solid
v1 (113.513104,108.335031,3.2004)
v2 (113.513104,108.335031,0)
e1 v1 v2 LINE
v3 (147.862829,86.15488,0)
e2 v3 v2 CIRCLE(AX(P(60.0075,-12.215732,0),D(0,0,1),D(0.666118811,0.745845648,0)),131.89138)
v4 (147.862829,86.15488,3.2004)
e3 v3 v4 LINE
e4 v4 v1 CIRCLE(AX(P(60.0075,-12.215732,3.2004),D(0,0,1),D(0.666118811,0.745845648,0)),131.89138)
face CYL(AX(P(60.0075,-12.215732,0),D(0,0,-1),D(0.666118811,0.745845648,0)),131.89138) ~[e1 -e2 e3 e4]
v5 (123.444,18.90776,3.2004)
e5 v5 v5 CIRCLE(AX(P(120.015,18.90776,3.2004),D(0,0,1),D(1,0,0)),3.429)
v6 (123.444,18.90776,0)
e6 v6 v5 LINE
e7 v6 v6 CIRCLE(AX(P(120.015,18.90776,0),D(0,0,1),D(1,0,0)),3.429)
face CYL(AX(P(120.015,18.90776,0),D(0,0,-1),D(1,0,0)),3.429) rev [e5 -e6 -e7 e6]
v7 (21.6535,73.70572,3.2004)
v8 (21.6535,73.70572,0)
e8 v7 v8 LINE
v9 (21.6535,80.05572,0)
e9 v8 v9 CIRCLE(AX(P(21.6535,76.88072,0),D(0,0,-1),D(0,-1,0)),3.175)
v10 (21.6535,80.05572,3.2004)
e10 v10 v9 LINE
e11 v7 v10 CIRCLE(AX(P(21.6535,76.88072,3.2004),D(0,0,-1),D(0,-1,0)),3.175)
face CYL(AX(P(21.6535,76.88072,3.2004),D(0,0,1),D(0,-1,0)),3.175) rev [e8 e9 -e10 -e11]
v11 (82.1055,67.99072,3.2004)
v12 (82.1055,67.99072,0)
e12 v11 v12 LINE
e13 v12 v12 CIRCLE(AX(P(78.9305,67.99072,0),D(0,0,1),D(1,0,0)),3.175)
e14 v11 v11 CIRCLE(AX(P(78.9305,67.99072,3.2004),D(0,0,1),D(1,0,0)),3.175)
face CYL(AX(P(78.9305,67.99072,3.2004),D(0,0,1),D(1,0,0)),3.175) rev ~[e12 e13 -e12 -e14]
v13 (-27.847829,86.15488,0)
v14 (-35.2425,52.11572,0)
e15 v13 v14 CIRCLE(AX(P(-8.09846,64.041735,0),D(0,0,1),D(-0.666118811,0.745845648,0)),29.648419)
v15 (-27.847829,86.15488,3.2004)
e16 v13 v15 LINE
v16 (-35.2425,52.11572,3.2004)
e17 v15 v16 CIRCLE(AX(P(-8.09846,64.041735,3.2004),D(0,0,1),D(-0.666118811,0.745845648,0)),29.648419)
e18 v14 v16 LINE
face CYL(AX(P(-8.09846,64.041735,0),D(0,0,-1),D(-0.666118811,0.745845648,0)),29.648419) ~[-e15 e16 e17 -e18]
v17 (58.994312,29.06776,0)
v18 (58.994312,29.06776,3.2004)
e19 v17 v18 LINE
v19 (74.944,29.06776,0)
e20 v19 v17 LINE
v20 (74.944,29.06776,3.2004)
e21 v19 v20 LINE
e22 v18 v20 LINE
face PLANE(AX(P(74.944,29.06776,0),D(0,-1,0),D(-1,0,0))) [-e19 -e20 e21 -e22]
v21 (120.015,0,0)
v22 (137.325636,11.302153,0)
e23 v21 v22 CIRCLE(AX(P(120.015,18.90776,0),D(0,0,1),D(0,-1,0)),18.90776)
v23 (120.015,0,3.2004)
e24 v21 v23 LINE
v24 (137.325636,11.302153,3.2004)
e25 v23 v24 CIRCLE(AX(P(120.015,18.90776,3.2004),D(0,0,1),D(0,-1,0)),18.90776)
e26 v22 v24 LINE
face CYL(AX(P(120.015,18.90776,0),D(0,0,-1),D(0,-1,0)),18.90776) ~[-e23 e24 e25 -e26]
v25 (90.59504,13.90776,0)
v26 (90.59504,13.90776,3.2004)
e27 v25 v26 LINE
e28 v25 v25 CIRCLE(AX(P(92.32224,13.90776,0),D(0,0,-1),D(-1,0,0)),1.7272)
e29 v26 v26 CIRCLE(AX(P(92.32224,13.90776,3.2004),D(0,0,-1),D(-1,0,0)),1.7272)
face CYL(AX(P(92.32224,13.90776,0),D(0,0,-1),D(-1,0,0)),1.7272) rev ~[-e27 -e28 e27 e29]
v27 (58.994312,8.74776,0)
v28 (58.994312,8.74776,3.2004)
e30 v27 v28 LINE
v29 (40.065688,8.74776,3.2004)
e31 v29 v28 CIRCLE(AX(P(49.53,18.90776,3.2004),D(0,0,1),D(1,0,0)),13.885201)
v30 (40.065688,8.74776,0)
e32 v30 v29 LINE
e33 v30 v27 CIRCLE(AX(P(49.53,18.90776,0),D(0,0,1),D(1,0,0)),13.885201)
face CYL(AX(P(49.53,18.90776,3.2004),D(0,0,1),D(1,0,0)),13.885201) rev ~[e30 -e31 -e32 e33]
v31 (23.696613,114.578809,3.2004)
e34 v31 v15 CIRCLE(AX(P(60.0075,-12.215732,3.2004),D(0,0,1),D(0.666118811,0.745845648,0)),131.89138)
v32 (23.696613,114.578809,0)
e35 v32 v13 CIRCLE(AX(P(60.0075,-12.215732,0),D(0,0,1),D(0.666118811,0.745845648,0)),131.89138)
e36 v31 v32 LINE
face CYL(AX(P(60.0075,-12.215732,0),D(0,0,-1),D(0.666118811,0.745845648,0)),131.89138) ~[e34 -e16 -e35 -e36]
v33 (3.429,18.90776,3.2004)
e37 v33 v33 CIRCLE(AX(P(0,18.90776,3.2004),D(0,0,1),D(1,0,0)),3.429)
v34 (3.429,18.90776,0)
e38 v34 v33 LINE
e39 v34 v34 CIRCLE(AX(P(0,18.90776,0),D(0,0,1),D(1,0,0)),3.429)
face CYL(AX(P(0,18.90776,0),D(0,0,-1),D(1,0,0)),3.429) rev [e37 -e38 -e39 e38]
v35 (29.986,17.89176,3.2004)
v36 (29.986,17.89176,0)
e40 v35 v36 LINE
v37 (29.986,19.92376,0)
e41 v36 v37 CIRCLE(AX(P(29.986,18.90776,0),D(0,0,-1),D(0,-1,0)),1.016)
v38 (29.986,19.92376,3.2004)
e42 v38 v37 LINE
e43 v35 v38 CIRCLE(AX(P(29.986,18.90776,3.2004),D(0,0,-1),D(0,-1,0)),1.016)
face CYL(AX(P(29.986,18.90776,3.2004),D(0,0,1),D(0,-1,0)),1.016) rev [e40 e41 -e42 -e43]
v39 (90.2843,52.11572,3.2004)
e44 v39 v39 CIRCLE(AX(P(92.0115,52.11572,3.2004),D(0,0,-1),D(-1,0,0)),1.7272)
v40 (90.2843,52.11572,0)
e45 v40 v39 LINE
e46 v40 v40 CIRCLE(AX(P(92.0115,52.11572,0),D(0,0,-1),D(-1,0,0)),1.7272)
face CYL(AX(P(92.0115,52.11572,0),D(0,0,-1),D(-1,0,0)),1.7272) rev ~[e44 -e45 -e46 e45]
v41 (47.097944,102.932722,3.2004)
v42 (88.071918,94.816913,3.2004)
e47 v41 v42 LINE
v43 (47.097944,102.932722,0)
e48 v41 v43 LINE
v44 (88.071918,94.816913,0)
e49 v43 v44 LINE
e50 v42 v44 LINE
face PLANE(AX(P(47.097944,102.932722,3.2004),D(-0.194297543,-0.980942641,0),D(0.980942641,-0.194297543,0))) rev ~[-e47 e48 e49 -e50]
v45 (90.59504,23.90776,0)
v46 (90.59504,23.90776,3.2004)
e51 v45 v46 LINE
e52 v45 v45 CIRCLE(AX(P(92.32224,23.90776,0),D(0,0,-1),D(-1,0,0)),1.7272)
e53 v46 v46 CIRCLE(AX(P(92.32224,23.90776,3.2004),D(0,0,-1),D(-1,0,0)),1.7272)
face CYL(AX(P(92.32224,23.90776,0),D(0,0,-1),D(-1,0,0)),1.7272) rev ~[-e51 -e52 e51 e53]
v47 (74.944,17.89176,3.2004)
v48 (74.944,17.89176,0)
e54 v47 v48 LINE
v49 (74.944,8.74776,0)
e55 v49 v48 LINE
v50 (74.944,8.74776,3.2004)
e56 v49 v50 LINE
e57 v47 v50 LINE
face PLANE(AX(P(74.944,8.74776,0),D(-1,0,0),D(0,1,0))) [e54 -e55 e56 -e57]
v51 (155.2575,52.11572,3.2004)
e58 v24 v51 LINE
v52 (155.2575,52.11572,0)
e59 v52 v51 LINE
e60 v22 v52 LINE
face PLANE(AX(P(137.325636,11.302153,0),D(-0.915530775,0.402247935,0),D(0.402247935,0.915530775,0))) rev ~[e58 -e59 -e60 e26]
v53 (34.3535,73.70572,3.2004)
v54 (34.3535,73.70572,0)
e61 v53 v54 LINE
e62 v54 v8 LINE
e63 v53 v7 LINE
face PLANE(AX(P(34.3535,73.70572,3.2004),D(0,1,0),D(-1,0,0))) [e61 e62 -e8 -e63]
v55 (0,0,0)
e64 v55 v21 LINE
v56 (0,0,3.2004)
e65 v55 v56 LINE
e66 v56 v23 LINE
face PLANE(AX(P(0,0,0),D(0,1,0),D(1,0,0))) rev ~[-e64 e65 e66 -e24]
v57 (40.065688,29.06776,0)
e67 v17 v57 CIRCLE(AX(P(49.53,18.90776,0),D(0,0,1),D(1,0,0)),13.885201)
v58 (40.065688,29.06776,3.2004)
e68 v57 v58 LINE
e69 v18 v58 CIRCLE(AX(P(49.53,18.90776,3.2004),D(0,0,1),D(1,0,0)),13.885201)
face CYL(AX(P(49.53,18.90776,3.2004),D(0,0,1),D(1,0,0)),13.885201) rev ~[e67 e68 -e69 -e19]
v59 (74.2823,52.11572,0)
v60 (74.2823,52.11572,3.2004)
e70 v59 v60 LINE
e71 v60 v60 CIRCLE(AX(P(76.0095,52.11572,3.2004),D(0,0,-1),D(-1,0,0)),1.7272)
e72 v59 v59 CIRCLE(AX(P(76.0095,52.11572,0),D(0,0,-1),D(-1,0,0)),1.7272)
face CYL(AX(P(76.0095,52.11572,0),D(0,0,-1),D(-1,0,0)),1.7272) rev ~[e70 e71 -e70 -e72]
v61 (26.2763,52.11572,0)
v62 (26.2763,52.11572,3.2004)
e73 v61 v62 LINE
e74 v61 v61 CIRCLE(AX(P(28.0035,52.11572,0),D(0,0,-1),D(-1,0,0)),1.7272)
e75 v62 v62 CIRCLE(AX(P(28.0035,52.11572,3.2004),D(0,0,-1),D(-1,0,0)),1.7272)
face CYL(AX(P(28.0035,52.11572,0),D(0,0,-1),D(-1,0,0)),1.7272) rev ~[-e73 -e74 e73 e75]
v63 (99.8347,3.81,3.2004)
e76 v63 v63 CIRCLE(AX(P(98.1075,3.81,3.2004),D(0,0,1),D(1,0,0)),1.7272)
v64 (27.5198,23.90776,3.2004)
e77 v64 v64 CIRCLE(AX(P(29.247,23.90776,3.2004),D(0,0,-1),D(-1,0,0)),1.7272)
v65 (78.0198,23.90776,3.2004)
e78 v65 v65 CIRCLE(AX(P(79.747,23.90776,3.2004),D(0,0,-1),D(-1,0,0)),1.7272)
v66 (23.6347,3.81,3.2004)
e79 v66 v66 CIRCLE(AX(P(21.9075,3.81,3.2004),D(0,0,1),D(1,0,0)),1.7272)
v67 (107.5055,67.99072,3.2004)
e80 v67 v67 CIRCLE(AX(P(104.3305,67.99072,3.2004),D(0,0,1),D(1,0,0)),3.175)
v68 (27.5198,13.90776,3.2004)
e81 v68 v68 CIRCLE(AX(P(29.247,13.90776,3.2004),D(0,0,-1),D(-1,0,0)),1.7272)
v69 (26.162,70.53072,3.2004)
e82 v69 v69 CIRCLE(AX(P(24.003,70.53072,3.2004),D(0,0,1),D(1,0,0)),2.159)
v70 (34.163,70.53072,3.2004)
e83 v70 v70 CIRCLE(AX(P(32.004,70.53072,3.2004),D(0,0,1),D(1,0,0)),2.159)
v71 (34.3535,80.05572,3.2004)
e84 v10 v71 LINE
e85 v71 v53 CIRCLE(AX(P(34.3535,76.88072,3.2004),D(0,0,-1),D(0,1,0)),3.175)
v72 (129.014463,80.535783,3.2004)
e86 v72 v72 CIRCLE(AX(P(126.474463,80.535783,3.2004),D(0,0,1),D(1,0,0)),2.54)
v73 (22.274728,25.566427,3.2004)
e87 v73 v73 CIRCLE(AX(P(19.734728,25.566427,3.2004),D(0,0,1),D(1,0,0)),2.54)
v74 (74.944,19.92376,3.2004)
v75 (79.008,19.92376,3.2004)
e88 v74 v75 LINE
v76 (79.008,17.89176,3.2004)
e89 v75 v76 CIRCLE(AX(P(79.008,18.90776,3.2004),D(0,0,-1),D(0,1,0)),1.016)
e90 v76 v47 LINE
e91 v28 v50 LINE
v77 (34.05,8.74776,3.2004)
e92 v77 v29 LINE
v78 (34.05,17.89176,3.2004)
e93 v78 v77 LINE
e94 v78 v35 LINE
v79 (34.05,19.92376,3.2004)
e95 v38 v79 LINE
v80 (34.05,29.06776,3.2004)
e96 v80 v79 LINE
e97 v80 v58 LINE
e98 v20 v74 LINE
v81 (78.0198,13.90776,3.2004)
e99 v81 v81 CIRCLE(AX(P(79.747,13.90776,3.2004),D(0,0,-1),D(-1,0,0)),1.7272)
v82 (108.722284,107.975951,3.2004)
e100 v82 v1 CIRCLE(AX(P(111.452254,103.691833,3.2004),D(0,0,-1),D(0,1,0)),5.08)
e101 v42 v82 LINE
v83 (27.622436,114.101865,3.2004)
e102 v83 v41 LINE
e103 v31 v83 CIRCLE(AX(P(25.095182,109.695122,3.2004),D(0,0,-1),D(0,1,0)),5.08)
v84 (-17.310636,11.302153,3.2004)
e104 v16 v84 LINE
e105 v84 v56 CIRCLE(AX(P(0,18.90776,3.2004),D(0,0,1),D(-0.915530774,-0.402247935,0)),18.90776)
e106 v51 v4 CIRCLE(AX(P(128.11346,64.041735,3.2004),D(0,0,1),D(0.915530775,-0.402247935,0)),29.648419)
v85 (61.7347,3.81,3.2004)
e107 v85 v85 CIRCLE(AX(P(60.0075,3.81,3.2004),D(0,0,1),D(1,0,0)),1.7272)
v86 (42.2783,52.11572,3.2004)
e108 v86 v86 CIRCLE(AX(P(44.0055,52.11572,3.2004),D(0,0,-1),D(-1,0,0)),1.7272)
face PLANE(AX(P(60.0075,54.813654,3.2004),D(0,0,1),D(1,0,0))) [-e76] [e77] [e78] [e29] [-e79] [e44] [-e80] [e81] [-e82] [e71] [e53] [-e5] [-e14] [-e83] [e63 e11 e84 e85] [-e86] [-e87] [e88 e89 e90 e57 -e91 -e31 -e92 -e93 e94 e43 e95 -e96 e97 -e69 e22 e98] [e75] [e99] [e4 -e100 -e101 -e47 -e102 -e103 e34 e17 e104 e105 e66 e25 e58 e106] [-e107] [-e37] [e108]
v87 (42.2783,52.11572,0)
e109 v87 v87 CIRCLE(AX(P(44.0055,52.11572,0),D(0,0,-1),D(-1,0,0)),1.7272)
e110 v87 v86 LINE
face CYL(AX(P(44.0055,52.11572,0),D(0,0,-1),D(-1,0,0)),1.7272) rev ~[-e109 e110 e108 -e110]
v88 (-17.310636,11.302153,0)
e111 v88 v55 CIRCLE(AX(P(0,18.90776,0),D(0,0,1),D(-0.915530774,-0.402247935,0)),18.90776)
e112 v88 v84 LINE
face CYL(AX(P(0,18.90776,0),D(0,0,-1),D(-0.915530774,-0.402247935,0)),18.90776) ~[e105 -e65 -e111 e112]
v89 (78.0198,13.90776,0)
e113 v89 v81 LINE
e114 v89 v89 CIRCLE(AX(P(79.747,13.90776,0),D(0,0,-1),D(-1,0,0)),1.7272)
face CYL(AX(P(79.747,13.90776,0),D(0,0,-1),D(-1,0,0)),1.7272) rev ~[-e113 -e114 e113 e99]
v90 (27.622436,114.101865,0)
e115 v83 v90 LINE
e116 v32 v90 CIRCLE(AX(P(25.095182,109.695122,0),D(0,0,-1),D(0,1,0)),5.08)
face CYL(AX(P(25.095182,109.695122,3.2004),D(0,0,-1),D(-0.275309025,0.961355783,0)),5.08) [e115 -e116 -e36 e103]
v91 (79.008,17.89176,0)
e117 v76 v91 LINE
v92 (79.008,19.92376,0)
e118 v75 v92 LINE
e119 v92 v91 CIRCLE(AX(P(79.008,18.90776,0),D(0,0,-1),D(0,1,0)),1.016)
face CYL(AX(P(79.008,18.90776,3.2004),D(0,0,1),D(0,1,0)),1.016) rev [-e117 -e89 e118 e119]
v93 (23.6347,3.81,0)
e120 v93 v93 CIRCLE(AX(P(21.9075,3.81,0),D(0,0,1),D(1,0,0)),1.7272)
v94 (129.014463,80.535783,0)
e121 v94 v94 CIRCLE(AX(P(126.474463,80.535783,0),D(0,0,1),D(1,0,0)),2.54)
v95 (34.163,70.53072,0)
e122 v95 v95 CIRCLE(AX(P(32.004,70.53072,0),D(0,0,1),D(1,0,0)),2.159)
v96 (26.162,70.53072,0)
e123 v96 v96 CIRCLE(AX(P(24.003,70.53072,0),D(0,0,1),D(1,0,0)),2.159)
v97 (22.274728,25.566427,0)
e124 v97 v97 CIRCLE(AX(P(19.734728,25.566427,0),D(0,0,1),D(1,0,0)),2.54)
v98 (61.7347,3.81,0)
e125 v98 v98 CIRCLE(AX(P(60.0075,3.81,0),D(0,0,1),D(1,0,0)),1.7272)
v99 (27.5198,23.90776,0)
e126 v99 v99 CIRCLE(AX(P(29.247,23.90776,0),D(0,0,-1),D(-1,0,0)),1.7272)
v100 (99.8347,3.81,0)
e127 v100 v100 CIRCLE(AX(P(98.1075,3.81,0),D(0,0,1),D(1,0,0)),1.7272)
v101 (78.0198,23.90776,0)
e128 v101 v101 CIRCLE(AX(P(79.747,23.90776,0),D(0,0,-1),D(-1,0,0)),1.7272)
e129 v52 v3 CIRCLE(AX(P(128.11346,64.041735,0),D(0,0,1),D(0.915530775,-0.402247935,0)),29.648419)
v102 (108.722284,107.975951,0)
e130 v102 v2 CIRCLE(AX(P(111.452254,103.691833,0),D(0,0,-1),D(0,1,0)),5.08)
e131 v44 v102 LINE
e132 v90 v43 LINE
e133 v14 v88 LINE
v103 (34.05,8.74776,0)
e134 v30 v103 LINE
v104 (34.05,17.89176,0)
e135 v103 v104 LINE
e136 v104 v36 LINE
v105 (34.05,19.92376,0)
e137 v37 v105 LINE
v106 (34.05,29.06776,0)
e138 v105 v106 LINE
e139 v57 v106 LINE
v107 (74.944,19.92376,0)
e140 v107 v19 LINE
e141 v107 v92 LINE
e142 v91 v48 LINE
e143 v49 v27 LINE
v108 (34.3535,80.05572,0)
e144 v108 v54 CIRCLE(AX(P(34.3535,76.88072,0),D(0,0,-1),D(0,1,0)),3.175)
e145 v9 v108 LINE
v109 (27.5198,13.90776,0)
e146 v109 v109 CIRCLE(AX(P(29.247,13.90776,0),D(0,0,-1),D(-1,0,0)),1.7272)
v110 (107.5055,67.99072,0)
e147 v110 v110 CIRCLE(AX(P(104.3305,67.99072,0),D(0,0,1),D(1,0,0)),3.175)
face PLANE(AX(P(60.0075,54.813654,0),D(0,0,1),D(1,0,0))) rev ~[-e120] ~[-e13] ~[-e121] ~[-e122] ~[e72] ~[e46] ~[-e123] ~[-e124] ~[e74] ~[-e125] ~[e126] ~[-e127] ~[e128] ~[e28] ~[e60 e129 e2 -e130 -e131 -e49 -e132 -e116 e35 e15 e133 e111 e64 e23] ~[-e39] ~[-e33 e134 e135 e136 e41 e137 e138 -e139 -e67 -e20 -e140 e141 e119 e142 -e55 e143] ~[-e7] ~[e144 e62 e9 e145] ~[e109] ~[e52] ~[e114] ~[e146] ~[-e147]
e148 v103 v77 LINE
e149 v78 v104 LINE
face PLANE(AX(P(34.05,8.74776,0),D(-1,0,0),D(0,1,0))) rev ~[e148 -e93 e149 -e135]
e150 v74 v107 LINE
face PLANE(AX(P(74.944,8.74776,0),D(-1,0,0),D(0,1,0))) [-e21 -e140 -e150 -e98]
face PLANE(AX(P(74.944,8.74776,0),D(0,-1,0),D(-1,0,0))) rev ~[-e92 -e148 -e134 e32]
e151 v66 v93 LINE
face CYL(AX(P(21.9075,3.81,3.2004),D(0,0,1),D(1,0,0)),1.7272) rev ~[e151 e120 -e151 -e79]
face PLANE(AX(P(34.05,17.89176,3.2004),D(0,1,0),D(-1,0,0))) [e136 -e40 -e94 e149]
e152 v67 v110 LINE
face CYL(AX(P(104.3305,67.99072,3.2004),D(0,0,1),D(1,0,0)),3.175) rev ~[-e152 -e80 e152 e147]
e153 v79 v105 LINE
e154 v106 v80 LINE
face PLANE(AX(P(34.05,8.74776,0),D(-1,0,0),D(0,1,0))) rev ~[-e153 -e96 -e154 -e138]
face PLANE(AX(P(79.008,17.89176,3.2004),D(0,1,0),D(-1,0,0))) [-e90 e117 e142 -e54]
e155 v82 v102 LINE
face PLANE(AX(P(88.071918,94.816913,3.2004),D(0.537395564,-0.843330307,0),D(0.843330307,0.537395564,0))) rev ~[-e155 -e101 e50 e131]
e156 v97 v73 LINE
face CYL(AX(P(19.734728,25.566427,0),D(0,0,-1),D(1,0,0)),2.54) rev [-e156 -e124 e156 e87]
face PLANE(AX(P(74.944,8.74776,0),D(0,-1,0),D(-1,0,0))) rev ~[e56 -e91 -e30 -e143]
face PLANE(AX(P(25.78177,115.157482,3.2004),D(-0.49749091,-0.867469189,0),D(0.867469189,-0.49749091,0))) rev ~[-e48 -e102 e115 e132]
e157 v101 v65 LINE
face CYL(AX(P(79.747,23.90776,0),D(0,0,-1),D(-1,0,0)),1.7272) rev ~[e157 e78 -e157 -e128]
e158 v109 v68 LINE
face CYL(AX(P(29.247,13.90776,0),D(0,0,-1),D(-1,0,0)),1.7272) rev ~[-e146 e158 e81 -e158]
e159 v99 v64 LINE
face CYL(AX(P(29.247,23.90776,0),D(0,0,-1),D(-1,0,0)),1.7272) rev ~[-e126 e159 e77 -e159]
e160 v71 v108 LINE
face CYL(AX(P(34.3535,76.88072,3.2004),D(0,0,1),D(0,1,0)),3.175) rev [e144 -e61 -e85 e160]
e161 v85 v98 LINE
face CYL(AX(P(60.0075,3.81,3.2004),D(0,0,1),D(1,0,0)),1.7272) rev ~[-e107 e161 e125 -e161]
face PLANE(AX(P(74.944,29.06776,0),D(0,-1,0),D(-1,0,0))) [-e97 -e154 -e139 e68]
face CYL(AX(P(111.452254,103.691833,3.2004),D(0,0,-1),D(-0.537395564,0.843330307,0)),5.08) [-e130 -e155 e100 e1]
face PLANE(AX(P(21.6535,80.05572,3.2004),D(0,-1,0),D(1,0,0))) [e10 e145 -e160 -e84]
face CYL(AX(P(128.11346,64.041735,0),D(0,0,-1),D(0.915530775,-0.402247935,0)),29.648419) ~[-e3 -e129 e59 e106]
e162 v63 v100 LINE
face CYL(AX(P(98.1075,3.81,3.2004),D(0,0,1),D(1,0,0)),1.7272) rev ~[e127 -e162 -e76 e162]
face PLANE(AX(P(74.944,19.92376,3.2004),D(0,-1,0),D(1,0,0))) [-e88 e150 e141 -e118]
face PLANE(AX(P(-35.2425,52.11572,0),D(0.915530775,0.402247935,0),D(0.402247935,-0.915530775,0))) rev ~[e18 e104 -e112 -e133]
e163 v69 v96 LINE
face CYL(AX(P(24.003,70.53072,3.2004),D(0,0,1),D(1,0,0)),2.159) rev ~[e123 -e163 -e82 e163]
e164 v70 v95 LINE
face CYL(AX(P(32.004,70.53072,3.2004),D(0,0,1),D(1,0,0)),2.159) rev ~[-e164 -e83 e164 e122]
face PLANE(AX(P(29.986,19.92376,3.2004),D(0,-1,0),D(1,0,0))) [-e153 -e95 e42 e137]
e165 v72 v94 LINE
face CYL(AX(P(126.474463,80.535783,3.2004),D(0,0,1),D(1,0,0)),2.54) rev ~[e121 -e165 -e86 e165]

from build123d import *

# Parameters (mm, degrees)
SKETCH1_R           = 3.429
SKETCH1_R_2         = 2.54
BOSS_EXTRUDE1_DEPTH = 3.2004
SKETCH2_R           = 1.7272
CUT_EXTRUDE1_DEPTH  = 3.2004
SKETCH5_R           = 1.7272
SKETCH5_W           = 40.894
SKETCH5_H           = 20.32
CUT_EXTRUDE3_DEPTH  = 4.2004
CUT_EXTRUDE4_DEPTH  = 3.2004
SKETCH8_R           = 1.7272
CUT_EXTRUDE6_DEPTH  = 3.2004
SKETCH9_R           = 2.54
CUT_EXTRUDE7_DEPTH  = 3.2004
CUT_EXTRUDE8_DEPTH  = 3.2004
FILLET1_R           = 5.08
SKETCH12_R          = 2.159
CUT_EXTRUDE10_DEPTH = 3.2004
SKETCH13_R          = 13.885201093
CUT_EXTRUDE11_DEPTH = 3.2004
SKETCH14_R          = 3.175
CUT_EXTRUDE12_DEPTH = 3.2004


with BuildPart() as part:
    # Sketch1 → Boss-Extrude1 (new body)
    with BuildSketch(Plane.XY):
        with BuildLine():
            Line((0, 0), (120.015, 0))
            ThreePointArc((120.015, 0), (130.351788396, 3.075697789), (137.325636158, 11.302152592))
            Line((137.325636158, 11.302152592), (155.2575, 52.11572))
            ThreePointArc((155.2575, 52.11572), (157.086103359, 70.33575546), (147.862829498, 86.154880014))
            ThreePointArc((147.862829498, 86.154880014), (60.0075, 119.675648405), (-27.847829498, 86.154880014))
            ThreePointArc((-27.847829498, 86.154880014), (-37.071103359, 70.33575546), (-35.2425, 52.11572))
            Line((-35.2425, 52.11572), (-17.310636158, 11.302152592))
            ThreePointArc((-17.310636158, 11.302152592), (-10.336788396, 3.075697789), (0, 0))
        make_face()
        with Locations((120.015, 18.90776)):
            Circle(SKETCH1_R, mode=Mode.SUBTRACT)
        with Locations((0, 18.90776)):
            Circle(SKETCH1_R, mode=Mode.SUBTRACT)
        with Locations((19.734727639, 25.566426996)):
            Circle(SKETCH1_R_2, mode=Mode.SUBTRACT)
    extrude(amount=BOSS_EXTRUDE1_DEPTH)

    # Sketch2 → Cut-Extrude1 (cut)
    with BuildSketch(Plane(origin=(0, 0, 0), x_dir=(-1, 0, 0), z_dir=(0, 0, -1))):
        with Locations((-92.0115, 52.11572)):
            Circle(SKETCH2_R)
        with Locations((-76.0095, 52.11572)):
            Circle(SKETCH2_R)
        with Locations((-44.0055, 52.11572)):
            Circle(SKETCH2_R)
        with Locations((-28.0035, 52.11572)):
            Circle(SKETCH2_R)
    extrude(amount=-CUT_EXTRUDE1_DEPTH, mode=Mode.SUBTRACT)

    # Sketch5 → Cut-Extrude3 (cut, through all)
    with BuildSketch(Plane(origin=(0, 0, 0), x_dir=(-1, 0, 0), z_dir=(0, 0, -1))):
        with Locations((-79.746999972, 23.90776)):
            Circle(SKETCH5_R)
        with Locations((-29.246999972, 13.90776)):
            Circle(SKETCH5_R)
        with Locations((-29.246999972, 23.90776)):
            Circle(SKETCH5_R)
        with Locations((-79.746999972, 13.90776)):
            Circle(SKETCH5_R)
        with Locations((-92.322240346, 23.90776)):
            Circle(SKETCH5_R)
        with Locations((-92.322240346, 13.90776)):
            Circle(SKETCH5_R)
        with Locations((-54.496999972, 18.90776)):
            Rectangle(SKETCH5_W, SKETCH5_H)
    extrude(amount=-CUT_EXTRUDE3_DEPTH, mode=Mode.SUBTRACT)

    # Sketch6 → Cut-Extrude4 (cut)
    with BuildSketch(Plane.XY.offset(3.2004)):
        with BuildLine():
            Line((29.985999972, 19.92376), (34.049999972, 19.92376))
            Line((34.049999972, 19.92376), (34.049999972, 17.89176))
            Line((34.049999972, 17.89176), (29.985999972, 17.89176))
            ThreePointArc((29.985999972, 17.89176), (28.969999972, 18.90776), (29.985999972, 19.92376))
        make_face()
        with BuildLine():
            Line((74.943999972, 19.92376), (79.007999972, 19.92376))
            ThreePointArc((79.007999972, 19.92376), (80.023999972, 18.90776), (79.007999972, 17.89176))
            Line((79.007999972, 17.89176), (74.943999972, 17.89176))
            Line((74.943999972, 17.89176), (74.943999972, 19.92376))
        make_face()
    extrude(amount=-CUT_EXTRUDE4_DEPTH, mode=Mode.SUBTRACT)

    # Sketch8 → Cut-Extrude6 (cut)
    with BuildSketch(Plane.XY.offset(3.2004)):
        with Locations((21.9075, 3.81)):
            Circle(SKETCH8_R)
        with Locations((60.0075, 3.81)):
            Circle(SKETCH8_R)
        with Locations((98.1075, 3.81)):
            Circle(SKETCH8_R)
    extrude(amount=-CUT_EXTRUDE6_DEPTH, mode=Mode.SUBTRACT)

    # Sketch9 → Cut-Extrude7 (cut)
    with BuildSketch(Plane.XY.offset(3.2004)):
        with Locations((126.474462556, 80.535782848)):
            Circle(SKETCH9_R)
    extrude(amount=-CUT_EXTRUDE7_DEPTH, mode=Mode.SUBTRACT)

    # Sketch10 → Cut-Extrude8 (cut)
    with BuildSketch(Plane.XY.offset(3.2004)):
        with BuildLine():
            Line((25.781769816, 115.1574819), (47.097944047, 102.932721584))
            Line((47.097944047, 102.932721584), (88.071918158, 94.816913209))
            Line((88.071918158, 94.816913209), (110.992429932, 109.422556159))
            ThreePointArc((110.992429932, 109.422556159), (68.86413804, 119.377946373), (25.781769816, 115.1574819))
        make_face()
    extrude(amount=-CUT_EXTRUDE8_DEPTH, mode=Mode.SUBTRACT)

    # Fillet1
    fillet1_edges = [part.edges().sort_by_distance(p)[0] for p in [
        (110.992429932, 109.422556159, 1.6002),
        (25.781769816, 115.1574819, 1.6002),
    ]]
    fillet(fillet1_edges, radius=FILLET1_R)

    # Sketch12 → Cut-Extrude10 (cut)
    with BuildSketch(Plane.XY.offset(3.2004)):
        with Locations((24.003, 70.53072)):
            Circle(SKETCH12_R)
        with Locations((32.004, 70.53072)):
            Circle(SKETCH12_R)
        with BuildLine():
            Line((21.6535, 80.05572), (34.3535, 80.05572))
            ThreePointArc((34.3535, 80.05572), (37.5285, 76.88072), (34.3535, 73.70572))
            Line((34.3535, 73.70572), (21.6535, 73.70572))
            ThreePointArc((21.6535, 73.70572), (18.4785, 76.88072), (21.6535, 80.05572))
        make_face()
    extrude(amount=-CUT_EXTRUDE10_DEPTH, mode=Mode.SUBTRACT)

    # Sketch13 → Cut-Extrude11 (cut)
    with BuildSketch(Plane.XY.offset(3.2004)):
        with Locations((49.53, 18.90776)):
            Circle(SKETCH13_R)
    extrude(amount=-CUT_EXTRUDE11_DEPTH, mode=Mode.SUBTRACT)

    # Sketch14 → Cut-Extrude12 (cut)
    with BuildSketch(Plane.XY.offset(3.2004)):
        with Locations((78.9305, 67.99072)):
            Circle(SKETCH14_R)
        with Locations((104.3305, 67.99072)):
            Circle(SKETCH14_R)
    extrude(amount=-CUT_EXTRUDE12_DEPTH, mode=Mode.SUBTRACT)


solid = part.part
